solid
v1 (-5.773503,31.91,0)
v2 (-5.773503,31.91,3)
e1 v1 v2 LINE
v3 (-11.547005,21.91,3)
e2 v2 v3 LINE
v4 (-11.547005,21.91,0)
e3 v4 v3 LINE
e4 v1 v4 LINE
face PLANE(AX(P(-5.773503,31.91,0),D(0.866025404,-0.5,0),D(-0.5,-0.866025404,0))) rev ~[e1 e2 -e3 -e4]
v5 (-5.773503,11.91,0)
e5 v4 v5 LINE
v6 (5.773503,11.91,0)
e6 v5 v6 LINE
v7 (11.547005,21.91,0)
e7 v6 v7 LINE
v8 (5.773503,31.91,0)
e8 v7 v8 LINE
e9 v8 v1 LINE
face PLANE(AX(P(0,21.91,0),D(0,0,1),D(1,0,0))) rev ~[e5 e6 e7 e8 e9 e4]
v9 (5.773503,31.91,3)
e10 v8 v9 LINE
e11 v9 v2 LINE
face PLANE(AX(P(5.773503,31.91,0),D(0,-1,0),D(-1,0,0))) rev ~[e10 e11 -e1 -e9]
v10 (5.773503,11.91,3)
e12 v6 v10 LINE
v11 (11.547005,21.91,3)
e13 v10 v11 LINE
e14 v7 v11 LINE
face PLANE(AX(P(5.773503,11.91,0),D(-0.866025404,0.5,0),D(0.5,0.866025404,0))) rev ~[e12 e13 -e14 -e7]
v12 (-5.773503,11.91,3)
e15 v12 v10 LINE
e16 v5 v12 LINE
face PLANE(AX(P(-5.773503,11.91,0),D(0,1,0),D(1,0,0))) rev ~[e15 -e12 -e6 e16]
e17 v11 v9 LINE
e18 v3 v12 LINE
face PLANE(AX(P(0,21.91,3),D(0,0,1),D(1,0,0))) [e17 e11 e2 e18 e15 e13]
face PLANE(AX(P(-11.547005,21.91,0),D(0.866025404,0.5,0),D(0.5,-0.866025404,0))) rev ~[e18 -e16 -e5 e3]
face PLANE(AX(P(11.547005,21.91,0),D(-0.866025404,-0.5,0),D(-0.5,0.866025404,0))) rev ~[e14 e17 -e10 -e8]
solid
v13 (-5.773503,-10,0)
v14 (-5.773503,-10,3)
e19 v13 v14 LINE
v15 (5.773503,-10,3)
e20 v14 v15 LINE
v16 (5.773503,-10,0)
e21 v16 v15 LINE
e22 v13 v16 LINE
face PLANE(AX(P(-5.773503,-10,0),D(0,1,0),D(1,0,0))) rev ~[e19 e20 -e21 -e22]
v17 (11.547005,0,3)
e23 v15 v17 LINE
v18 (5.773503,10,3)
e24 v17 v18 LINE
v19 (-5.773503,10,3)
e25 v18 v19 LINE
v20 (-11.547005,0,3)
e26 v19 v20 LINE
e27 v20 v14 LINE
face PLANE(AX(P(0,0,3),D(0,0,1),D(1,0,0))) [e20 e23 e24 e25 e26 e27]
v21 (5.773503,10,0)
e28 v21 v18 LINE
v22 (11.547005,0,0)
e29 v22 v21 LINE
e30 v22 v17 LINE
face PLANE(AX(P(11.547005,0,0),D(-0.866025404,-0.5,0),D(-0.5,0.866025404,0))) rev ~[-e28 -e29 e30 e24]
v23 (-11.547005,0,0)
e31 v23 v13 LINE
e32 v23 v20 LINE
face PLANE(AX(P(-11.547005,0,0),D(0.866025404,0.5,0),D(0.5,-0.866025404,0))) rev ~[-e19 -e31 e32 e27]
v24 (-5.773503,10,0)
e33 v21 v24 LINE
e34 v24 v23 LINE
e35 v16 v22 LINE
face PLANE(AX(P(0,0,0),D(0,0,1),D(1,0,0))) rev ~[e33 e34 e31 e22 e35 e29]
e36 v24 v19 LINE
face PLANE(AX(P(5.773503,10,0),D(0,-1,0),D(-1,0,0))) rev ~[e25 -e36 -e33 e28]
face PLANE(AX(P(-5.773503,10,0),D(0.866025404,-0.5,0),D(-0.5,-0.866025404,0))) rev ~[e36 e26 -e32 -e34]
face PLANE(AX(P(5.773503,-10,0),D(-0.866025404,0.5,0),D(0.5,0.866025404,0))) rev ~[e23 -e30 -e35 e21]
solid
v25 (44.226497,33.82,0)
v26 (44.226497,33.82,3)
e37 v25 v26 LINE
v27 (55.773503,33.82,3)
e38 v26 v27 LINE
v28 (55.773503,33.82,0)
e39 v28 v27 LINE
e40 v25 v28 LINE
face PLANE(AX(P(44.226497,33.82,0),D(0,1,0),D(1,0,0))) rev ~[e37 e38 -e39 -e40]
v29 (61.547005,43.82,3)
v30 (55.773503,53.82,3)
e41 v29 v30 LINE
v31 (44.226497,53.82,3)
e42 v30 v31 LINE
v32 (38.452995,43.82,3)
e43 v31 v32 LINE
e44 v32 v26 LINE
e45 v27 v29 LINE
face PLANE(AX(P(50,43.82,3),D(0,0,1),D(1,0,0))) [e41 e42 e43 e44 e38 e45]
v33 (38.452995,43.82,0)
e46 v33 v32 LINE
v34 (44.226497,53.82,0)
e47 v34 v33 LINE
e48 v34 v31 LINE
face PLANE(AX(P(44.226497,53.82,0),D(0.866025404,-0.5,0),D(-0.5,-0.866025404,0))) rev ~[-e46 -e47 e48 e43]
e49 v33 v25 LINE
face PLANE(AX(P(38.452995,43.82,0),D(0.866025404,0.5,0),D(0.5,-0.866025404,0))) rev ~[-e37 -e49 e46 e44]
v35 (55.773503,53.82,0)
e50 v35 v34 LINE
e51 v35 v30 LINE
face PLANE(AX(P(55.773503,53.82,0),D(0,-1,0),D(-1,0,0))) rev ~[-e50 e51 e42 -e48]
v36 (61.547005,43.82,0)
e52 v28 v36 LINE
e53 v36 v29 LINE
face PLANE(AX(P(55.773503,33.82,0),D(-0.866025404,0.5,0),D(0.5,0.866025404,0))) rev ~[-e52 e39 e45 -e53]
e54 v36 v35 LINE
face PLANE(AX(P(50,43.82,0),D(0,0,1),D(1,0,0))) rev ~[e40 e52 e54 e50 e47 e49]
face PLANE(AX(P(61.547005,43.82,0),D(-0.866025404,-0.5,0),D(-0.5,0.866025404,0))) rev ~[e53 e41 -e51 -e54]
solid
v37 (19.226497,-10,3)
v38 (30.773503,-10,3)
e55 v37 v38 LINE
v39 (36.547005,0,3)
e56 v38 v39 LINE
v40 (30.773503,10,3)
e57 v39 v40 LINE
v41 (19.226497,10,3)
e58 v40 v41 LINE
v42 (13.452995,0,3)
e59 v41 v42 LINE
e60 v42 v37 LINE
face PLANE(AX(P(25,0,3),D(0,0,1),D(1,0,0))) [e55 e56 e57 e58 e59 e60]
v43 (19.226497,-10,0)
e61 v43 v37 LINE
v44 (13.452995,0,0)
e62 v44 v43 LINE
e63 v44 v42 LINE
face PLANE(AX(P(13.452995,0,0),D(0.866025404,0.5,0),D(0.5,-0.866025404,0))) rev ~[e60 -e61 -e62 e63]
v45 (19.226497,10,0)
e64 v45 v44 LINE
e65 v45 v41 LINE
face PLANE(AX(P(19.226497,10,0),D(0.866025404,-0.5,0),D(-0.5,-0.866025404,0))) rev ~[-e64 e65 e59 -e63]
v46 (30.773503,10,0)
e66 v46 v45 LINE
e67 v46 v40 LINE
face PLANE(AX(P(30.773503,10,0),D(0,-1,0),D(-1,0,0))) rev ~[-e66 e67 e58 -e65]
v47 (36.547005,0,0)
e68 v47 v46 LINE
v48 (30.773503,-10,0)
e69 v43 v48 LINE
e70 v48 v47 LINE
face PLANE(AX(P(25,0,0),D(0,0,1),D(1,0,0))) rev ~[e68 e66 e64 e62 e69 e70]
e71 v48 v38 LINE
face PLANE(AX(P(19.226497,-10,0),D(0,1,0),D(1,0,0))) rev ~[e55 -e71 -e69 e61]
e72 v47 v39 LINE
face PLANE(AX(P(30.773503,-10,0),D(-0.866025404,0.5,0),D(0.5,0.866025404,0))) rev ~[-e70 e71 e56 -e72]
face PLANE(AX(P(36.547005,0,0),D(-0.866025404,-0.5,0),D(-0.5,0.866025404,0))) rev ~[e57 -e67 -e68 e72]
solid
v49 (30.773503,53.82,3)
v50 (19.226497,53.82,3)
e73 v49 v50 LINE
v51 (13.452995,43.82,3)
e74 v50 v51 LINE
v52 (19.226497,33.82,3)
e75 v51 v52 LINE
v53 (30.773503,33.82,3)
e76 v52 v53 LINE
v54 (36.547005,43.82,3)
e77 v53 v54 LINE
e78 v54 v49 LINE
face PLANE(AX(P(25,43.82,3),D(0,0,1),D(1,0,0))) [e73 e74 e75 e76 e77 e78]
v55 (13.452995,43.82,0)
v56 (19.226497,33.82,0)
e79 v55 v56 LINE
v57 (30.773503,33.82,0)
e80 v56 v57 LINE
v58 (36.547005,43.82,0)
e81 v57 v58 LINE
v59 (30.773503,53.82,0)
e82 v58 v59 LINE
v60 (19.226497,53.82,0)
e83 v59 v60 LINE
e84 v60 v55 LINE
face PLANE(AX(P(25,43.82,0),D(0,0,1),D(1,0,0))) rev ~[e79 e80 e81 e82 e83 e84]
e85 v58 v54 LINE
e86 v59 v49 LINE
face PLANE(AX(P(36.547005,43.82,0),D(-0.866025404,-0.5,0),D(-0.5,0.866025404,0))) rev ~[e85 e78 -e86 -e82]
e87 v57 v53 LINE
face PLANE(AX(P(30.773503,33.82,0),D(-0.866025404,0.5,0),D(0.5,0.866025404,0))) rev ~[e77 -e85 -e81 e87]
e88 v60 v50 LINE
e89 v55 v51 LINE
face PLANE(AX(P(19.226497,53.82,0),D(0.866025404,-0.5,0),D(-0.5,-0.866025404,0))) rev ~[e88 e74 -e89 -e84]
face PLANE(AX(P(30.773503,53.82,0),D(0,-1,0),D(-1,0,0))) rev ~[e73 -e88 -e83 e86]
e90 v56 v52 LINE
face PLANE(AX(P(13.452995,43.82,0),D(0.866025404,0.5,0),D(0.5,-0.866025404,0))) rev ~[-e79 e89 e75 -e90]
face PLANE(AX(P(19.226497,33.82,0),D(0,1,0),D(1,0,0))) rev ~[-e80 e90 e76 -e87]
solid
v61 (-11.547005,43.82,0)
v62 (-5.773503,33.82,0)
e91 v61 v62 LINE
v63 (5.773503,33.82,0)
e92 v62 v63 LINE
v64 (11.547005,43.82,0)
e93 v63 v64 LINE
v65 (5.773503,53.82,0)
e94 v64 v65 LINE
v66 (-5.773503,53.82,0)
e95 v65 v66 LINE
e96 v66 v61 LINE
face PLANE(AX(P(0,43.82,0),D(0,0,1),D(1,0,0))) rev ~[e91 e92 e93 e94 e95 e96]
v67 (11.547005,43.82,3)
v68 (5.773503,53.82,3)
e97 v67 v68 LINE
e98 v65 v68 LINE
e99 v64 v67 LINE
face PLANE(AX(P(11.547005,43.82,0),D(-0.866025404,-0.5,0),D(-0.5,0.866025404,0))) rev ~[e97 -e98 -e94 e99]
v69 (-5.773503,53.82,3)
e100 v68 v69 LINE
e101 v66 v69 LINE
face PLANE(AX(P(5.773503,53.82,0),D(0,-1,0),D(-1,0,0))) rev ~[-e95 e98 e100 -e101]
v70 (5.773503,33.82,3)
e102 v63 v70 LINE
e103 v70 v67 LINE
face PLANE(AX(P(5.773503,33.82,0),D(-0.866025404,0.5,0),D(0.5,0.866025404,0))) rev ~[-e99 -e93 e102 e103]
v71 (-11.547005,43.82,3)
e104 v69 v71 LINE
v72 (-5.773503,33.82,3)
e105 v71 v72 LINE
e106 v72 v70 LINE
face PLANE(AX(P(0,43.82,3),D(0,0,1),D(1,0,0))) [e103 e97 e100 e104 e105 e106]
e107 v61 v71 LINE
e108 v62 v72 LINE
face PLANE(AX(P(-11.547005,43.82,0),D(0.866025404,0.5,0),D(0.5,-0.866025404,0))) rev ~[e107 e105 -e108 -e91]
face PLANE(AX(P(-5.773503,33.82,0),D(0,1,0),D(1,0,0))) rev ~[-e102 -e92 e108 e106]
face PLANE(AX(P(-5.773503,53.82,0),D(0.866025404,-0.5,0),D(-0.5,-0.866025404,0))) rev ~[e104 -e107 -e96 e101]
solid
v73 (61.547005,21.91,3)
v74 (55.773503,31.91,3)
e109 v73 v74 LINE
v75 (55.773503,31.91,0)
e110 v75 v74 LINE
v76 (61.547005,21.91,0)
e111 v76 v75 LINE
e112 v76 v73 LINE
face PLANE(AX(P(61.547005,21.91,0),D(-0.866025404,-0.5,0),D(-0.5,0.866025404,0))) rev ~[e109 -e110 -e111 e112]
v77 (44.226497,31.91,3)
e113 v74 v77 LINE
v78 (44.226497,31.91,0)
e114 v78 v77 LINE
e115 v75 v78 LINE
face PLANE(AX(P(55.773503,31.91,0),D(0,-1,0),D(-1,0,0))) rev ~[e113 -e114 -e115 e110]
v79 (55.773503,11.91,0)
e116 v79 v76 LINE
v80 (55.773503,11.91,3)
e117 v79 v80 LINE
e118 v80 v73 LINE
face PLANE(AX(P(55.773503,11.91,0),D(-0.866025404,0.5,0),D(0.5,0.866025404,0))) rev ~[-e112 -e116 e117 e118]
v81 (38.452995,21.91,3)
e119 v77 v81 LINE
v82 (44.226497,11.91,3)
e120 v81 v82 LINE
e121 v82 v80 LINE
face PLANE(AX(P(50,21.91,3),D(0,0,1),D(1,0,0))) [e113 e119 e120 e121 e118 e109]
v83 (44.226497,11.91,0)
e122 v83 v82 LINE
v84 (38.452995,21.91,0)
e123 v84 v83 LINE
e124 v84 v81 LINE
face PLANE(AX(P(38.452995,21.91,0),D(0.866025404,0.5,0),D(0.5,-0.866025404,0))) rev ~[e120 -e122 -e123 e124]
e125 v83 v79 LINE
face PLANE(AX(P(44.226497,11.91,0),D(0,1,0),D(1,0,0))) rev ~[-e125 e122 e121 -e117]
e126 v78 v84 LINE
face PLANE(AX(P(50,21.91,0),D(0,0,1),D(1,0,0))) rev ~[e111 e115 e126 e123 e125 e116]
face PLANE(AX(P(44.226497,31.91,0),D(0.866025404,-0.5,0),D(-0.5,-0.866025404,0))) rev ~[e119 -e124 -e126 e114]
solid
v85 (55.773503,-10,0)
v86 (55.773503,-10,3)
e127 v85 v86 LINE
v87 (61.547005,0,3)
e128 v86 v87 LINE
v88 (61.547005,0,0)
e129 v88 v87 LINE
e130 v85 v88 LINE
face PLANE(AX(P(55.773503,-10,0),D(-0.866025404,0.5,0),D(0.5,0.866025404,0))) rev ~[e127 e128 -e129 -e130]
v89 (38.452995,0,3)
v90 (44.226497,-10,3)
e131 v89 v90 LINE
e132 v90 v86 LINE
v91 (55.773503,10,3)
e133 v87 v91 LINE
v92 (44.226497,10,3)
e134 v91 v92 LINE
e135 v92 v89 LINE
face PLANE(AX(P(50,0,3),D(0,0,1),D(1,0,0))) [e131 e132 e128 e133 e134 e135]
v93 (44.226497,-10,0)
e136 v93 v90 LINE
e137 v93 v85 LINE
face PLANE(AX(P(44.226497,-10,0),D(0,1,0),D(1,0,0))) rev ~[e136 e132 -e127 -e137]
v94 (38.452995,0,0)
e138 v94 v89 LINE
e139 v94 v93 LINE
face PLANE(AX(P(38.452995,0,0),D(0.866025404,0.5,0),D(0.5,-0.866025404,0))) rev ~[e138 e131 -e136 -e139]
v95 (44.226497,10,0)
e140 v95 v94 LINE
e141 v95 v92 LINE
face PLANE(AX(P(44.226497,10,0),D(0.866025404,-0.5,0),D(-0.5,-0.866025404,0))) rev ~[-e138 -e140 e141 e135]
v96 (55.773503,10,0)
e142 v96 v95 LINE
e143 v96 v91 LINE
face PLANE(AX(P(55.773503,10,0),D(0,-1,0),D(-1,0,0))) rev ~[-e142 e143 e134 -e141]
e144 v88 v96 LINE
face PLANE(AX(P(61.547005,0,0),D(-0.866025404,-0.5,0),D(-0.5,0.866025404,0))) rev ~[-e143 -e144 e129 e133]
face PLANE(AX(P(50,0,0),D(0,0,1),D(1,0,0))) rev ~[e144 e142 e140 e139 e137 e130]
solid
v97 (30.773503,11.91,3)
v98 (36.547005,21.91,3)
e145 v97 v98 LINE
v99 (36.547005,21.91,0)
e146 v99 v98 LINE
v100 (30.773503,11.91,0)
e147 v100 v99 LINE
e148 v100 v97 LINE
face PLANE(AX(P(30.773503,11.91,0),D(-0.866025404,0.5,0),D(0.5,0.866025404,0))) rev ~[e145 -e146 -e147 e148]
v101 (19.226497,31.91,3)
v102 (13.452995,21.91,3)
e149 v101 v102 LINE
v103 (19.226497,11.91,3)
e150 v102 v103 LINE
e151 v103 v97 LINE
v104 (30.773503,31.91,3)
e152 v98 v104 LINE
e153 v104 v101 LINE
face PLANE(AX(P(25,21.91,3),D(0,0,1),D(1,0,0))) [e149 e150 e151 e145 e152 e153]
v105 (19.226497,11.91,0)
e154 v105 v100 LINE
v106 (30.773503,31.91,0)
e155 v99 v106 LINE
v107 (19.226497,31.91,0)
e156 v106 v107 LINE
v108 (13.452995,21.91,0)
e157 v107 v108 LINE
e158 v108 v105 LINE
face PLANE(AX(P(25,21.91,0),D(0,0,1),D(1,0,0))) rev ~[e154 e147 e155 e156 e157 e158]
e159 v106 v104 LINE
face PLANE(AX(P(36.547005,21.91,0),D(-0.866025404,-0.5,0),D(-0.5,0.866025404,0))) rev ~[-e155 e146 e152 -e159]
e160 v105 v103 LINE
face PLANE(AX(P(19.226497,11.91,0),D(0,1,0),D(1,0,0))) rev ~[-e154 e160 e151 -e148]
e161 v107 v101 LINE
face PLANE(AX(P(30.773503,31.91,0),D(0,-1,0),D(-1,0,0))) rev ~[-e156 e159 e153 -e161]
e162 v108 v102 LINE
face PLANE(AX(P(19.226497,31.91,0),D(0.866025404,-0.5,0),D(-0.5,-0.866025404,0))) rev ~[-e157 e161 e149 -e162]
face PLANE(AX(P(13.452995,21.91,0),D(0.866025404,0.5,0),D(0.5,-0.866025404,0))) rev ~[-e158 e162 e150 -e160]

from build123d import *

# Parameters (mm, degrees)
BOSS_EXTRUDE1_DEPTH   = 3
BOSS_EXTRUDE1_2_DEPTH = 3
BOSS_EXTRUDE1_3_DEPTH = 3
BOSS_EXTRUDE1_4_DEPTH = 3
BOSS_EXTRUDE1_5_DEPTH = 3
BOSS_EXTRUDE1_6_DEPTH = 3
BOSS_EXTRUDE1_7_DEPTH = 3
BOSS_EXTRUDE1_8_DEPTH = 3
BOSS_EXTRUDE1_9_DEPTH = 3


with BuildPart() as part:
    # Sketch1 → Boss-Extrude1 (new body)
    with BuildSketch(Plane.XY):
        Polygon((30.773502692, -10), (36.547005384, 0), (30.773502692, 10), (19.226497308, 10), (13.452994616, 0), (19.226497308, -10), align=None)
    extrude(amount=BOSS_EXTRUDE1_DEPTH)


with BuildPart() as body_2:
    # Sketch1 → Boss-Extrude1 2 (new body)
    with BuildSketch(Plane.XY):
        Polygon((5.773502692, -10), (11.547005384, 0), (5.773502692, 10), (-5.773502692, 10), (-11.547005384, 0), (-5.773502692, -10), align=None)
    extrude(amount=BOSS_EXTRUDE1_2_DEPTH)


with BuildPart() as body_3:
    # Sketch1 → Boss-Extrude1 3 (new body)
    with BuildSketch(Plane.XY):
        Polygon((55.773502692, -10), (61.547005384, 0), (55.773502692, 10), (44.226497308, 10), (38.452994616, 0), (44.226497308, -10), align=None)
    extrude(amount=BOSS_EXTRUDE1_3_DEPTH)


with BuildPart() as body_4:
    # Sketch1 → Boss-Extrude1 4 (new body)
    with BuildSketch(Plane.XY):
        Polygon((30.773502692, 11.91), (36.547005384, 21.91), (30.773502692, 31.91), (19.226497308, 31.91), (13.452994616, 21.91), (19.226497308, 11.91), align=None)
    extrude(amount=BOSS_EXTRUDE1_4_DEPTH)


with BuildPart() as body_5:
    # Sketch1 → Boss-Extrude1 5 (new body)
    with BuildSketch(Plane.XY):
        Polygon((5.773502692, 11.91), (11.547005384, 21.91), (5.773502692, 31.91), (-5.773502692, 31.91), (-11.547005384, 21.91), (-5.773502692, 11.91), align=None)
    extrude(amount=BOSS_EXTRUDE1_5_DEPTH)


with BuildPart() as body_6:
    # Sketch1 → Boss-Extrude1 6 (new body)
    with BuildSketch(Plane.XY):
        Polygon((55.773502692, 11.91), (61.547005384, 21.91), (55.773502692, 31.91), (44.226497308, 31.91), (38.452994616, 21.91), (44.226497308, 11.91), align=None)
    extrude(amount=BOSS_EXTRUDE1_6_DEPTH)


with BuildPart() as body_7:
    # Sketch1 → Boss-Extrude1 7 (new body)
    with BuildSketch(Plane.XY):
        Polygon((30.773502692, 33.82), (36.547005384, 43.82), (30.773502692, 53.82), (19.226497308, 53.82), (13.452994616, 43.82), (19.226497308, 33.82), align=None)
    extrude(amount=BOSS_EXTRUDE1_7_DEPTH)


with BuildPart() as body_8:
    # Sketch1 → Boss-Extrude1 8 (new body)
    with BuildSketch(Plane.XY):
        Polygon((5.773502692, 33.82), (11.547005384, 43.82), (5.773502692, 53.82), (-5.773502692, 53.82), (-11.547005384, 43.82), (-5.773502692, 33.82), align=None)
    extrude(amount=BOSS_EXTRUDE1_8_DEPTH)


with BuildPart() as body_9:
    # Sketch1 → Boss-Extrude1 9 (new body)
    with BuildSketch(Plane.XY):
        Polygon((55.773502692, 33.82), (61.547005384, 43.82), (55.773502692, 53.82), (44.226497308, 53.82), (38.452994616, 43.82), (44.226497308, 33.82), align=None)
    extrude(amount=BOSS_EXTRUDE1_9_DEPTH)


solid = Compound([part.part, body_2.part, body_3.part, body_4.part, body_5.part, body_6.part, body_7.part, body_8.part, body_9.part])
